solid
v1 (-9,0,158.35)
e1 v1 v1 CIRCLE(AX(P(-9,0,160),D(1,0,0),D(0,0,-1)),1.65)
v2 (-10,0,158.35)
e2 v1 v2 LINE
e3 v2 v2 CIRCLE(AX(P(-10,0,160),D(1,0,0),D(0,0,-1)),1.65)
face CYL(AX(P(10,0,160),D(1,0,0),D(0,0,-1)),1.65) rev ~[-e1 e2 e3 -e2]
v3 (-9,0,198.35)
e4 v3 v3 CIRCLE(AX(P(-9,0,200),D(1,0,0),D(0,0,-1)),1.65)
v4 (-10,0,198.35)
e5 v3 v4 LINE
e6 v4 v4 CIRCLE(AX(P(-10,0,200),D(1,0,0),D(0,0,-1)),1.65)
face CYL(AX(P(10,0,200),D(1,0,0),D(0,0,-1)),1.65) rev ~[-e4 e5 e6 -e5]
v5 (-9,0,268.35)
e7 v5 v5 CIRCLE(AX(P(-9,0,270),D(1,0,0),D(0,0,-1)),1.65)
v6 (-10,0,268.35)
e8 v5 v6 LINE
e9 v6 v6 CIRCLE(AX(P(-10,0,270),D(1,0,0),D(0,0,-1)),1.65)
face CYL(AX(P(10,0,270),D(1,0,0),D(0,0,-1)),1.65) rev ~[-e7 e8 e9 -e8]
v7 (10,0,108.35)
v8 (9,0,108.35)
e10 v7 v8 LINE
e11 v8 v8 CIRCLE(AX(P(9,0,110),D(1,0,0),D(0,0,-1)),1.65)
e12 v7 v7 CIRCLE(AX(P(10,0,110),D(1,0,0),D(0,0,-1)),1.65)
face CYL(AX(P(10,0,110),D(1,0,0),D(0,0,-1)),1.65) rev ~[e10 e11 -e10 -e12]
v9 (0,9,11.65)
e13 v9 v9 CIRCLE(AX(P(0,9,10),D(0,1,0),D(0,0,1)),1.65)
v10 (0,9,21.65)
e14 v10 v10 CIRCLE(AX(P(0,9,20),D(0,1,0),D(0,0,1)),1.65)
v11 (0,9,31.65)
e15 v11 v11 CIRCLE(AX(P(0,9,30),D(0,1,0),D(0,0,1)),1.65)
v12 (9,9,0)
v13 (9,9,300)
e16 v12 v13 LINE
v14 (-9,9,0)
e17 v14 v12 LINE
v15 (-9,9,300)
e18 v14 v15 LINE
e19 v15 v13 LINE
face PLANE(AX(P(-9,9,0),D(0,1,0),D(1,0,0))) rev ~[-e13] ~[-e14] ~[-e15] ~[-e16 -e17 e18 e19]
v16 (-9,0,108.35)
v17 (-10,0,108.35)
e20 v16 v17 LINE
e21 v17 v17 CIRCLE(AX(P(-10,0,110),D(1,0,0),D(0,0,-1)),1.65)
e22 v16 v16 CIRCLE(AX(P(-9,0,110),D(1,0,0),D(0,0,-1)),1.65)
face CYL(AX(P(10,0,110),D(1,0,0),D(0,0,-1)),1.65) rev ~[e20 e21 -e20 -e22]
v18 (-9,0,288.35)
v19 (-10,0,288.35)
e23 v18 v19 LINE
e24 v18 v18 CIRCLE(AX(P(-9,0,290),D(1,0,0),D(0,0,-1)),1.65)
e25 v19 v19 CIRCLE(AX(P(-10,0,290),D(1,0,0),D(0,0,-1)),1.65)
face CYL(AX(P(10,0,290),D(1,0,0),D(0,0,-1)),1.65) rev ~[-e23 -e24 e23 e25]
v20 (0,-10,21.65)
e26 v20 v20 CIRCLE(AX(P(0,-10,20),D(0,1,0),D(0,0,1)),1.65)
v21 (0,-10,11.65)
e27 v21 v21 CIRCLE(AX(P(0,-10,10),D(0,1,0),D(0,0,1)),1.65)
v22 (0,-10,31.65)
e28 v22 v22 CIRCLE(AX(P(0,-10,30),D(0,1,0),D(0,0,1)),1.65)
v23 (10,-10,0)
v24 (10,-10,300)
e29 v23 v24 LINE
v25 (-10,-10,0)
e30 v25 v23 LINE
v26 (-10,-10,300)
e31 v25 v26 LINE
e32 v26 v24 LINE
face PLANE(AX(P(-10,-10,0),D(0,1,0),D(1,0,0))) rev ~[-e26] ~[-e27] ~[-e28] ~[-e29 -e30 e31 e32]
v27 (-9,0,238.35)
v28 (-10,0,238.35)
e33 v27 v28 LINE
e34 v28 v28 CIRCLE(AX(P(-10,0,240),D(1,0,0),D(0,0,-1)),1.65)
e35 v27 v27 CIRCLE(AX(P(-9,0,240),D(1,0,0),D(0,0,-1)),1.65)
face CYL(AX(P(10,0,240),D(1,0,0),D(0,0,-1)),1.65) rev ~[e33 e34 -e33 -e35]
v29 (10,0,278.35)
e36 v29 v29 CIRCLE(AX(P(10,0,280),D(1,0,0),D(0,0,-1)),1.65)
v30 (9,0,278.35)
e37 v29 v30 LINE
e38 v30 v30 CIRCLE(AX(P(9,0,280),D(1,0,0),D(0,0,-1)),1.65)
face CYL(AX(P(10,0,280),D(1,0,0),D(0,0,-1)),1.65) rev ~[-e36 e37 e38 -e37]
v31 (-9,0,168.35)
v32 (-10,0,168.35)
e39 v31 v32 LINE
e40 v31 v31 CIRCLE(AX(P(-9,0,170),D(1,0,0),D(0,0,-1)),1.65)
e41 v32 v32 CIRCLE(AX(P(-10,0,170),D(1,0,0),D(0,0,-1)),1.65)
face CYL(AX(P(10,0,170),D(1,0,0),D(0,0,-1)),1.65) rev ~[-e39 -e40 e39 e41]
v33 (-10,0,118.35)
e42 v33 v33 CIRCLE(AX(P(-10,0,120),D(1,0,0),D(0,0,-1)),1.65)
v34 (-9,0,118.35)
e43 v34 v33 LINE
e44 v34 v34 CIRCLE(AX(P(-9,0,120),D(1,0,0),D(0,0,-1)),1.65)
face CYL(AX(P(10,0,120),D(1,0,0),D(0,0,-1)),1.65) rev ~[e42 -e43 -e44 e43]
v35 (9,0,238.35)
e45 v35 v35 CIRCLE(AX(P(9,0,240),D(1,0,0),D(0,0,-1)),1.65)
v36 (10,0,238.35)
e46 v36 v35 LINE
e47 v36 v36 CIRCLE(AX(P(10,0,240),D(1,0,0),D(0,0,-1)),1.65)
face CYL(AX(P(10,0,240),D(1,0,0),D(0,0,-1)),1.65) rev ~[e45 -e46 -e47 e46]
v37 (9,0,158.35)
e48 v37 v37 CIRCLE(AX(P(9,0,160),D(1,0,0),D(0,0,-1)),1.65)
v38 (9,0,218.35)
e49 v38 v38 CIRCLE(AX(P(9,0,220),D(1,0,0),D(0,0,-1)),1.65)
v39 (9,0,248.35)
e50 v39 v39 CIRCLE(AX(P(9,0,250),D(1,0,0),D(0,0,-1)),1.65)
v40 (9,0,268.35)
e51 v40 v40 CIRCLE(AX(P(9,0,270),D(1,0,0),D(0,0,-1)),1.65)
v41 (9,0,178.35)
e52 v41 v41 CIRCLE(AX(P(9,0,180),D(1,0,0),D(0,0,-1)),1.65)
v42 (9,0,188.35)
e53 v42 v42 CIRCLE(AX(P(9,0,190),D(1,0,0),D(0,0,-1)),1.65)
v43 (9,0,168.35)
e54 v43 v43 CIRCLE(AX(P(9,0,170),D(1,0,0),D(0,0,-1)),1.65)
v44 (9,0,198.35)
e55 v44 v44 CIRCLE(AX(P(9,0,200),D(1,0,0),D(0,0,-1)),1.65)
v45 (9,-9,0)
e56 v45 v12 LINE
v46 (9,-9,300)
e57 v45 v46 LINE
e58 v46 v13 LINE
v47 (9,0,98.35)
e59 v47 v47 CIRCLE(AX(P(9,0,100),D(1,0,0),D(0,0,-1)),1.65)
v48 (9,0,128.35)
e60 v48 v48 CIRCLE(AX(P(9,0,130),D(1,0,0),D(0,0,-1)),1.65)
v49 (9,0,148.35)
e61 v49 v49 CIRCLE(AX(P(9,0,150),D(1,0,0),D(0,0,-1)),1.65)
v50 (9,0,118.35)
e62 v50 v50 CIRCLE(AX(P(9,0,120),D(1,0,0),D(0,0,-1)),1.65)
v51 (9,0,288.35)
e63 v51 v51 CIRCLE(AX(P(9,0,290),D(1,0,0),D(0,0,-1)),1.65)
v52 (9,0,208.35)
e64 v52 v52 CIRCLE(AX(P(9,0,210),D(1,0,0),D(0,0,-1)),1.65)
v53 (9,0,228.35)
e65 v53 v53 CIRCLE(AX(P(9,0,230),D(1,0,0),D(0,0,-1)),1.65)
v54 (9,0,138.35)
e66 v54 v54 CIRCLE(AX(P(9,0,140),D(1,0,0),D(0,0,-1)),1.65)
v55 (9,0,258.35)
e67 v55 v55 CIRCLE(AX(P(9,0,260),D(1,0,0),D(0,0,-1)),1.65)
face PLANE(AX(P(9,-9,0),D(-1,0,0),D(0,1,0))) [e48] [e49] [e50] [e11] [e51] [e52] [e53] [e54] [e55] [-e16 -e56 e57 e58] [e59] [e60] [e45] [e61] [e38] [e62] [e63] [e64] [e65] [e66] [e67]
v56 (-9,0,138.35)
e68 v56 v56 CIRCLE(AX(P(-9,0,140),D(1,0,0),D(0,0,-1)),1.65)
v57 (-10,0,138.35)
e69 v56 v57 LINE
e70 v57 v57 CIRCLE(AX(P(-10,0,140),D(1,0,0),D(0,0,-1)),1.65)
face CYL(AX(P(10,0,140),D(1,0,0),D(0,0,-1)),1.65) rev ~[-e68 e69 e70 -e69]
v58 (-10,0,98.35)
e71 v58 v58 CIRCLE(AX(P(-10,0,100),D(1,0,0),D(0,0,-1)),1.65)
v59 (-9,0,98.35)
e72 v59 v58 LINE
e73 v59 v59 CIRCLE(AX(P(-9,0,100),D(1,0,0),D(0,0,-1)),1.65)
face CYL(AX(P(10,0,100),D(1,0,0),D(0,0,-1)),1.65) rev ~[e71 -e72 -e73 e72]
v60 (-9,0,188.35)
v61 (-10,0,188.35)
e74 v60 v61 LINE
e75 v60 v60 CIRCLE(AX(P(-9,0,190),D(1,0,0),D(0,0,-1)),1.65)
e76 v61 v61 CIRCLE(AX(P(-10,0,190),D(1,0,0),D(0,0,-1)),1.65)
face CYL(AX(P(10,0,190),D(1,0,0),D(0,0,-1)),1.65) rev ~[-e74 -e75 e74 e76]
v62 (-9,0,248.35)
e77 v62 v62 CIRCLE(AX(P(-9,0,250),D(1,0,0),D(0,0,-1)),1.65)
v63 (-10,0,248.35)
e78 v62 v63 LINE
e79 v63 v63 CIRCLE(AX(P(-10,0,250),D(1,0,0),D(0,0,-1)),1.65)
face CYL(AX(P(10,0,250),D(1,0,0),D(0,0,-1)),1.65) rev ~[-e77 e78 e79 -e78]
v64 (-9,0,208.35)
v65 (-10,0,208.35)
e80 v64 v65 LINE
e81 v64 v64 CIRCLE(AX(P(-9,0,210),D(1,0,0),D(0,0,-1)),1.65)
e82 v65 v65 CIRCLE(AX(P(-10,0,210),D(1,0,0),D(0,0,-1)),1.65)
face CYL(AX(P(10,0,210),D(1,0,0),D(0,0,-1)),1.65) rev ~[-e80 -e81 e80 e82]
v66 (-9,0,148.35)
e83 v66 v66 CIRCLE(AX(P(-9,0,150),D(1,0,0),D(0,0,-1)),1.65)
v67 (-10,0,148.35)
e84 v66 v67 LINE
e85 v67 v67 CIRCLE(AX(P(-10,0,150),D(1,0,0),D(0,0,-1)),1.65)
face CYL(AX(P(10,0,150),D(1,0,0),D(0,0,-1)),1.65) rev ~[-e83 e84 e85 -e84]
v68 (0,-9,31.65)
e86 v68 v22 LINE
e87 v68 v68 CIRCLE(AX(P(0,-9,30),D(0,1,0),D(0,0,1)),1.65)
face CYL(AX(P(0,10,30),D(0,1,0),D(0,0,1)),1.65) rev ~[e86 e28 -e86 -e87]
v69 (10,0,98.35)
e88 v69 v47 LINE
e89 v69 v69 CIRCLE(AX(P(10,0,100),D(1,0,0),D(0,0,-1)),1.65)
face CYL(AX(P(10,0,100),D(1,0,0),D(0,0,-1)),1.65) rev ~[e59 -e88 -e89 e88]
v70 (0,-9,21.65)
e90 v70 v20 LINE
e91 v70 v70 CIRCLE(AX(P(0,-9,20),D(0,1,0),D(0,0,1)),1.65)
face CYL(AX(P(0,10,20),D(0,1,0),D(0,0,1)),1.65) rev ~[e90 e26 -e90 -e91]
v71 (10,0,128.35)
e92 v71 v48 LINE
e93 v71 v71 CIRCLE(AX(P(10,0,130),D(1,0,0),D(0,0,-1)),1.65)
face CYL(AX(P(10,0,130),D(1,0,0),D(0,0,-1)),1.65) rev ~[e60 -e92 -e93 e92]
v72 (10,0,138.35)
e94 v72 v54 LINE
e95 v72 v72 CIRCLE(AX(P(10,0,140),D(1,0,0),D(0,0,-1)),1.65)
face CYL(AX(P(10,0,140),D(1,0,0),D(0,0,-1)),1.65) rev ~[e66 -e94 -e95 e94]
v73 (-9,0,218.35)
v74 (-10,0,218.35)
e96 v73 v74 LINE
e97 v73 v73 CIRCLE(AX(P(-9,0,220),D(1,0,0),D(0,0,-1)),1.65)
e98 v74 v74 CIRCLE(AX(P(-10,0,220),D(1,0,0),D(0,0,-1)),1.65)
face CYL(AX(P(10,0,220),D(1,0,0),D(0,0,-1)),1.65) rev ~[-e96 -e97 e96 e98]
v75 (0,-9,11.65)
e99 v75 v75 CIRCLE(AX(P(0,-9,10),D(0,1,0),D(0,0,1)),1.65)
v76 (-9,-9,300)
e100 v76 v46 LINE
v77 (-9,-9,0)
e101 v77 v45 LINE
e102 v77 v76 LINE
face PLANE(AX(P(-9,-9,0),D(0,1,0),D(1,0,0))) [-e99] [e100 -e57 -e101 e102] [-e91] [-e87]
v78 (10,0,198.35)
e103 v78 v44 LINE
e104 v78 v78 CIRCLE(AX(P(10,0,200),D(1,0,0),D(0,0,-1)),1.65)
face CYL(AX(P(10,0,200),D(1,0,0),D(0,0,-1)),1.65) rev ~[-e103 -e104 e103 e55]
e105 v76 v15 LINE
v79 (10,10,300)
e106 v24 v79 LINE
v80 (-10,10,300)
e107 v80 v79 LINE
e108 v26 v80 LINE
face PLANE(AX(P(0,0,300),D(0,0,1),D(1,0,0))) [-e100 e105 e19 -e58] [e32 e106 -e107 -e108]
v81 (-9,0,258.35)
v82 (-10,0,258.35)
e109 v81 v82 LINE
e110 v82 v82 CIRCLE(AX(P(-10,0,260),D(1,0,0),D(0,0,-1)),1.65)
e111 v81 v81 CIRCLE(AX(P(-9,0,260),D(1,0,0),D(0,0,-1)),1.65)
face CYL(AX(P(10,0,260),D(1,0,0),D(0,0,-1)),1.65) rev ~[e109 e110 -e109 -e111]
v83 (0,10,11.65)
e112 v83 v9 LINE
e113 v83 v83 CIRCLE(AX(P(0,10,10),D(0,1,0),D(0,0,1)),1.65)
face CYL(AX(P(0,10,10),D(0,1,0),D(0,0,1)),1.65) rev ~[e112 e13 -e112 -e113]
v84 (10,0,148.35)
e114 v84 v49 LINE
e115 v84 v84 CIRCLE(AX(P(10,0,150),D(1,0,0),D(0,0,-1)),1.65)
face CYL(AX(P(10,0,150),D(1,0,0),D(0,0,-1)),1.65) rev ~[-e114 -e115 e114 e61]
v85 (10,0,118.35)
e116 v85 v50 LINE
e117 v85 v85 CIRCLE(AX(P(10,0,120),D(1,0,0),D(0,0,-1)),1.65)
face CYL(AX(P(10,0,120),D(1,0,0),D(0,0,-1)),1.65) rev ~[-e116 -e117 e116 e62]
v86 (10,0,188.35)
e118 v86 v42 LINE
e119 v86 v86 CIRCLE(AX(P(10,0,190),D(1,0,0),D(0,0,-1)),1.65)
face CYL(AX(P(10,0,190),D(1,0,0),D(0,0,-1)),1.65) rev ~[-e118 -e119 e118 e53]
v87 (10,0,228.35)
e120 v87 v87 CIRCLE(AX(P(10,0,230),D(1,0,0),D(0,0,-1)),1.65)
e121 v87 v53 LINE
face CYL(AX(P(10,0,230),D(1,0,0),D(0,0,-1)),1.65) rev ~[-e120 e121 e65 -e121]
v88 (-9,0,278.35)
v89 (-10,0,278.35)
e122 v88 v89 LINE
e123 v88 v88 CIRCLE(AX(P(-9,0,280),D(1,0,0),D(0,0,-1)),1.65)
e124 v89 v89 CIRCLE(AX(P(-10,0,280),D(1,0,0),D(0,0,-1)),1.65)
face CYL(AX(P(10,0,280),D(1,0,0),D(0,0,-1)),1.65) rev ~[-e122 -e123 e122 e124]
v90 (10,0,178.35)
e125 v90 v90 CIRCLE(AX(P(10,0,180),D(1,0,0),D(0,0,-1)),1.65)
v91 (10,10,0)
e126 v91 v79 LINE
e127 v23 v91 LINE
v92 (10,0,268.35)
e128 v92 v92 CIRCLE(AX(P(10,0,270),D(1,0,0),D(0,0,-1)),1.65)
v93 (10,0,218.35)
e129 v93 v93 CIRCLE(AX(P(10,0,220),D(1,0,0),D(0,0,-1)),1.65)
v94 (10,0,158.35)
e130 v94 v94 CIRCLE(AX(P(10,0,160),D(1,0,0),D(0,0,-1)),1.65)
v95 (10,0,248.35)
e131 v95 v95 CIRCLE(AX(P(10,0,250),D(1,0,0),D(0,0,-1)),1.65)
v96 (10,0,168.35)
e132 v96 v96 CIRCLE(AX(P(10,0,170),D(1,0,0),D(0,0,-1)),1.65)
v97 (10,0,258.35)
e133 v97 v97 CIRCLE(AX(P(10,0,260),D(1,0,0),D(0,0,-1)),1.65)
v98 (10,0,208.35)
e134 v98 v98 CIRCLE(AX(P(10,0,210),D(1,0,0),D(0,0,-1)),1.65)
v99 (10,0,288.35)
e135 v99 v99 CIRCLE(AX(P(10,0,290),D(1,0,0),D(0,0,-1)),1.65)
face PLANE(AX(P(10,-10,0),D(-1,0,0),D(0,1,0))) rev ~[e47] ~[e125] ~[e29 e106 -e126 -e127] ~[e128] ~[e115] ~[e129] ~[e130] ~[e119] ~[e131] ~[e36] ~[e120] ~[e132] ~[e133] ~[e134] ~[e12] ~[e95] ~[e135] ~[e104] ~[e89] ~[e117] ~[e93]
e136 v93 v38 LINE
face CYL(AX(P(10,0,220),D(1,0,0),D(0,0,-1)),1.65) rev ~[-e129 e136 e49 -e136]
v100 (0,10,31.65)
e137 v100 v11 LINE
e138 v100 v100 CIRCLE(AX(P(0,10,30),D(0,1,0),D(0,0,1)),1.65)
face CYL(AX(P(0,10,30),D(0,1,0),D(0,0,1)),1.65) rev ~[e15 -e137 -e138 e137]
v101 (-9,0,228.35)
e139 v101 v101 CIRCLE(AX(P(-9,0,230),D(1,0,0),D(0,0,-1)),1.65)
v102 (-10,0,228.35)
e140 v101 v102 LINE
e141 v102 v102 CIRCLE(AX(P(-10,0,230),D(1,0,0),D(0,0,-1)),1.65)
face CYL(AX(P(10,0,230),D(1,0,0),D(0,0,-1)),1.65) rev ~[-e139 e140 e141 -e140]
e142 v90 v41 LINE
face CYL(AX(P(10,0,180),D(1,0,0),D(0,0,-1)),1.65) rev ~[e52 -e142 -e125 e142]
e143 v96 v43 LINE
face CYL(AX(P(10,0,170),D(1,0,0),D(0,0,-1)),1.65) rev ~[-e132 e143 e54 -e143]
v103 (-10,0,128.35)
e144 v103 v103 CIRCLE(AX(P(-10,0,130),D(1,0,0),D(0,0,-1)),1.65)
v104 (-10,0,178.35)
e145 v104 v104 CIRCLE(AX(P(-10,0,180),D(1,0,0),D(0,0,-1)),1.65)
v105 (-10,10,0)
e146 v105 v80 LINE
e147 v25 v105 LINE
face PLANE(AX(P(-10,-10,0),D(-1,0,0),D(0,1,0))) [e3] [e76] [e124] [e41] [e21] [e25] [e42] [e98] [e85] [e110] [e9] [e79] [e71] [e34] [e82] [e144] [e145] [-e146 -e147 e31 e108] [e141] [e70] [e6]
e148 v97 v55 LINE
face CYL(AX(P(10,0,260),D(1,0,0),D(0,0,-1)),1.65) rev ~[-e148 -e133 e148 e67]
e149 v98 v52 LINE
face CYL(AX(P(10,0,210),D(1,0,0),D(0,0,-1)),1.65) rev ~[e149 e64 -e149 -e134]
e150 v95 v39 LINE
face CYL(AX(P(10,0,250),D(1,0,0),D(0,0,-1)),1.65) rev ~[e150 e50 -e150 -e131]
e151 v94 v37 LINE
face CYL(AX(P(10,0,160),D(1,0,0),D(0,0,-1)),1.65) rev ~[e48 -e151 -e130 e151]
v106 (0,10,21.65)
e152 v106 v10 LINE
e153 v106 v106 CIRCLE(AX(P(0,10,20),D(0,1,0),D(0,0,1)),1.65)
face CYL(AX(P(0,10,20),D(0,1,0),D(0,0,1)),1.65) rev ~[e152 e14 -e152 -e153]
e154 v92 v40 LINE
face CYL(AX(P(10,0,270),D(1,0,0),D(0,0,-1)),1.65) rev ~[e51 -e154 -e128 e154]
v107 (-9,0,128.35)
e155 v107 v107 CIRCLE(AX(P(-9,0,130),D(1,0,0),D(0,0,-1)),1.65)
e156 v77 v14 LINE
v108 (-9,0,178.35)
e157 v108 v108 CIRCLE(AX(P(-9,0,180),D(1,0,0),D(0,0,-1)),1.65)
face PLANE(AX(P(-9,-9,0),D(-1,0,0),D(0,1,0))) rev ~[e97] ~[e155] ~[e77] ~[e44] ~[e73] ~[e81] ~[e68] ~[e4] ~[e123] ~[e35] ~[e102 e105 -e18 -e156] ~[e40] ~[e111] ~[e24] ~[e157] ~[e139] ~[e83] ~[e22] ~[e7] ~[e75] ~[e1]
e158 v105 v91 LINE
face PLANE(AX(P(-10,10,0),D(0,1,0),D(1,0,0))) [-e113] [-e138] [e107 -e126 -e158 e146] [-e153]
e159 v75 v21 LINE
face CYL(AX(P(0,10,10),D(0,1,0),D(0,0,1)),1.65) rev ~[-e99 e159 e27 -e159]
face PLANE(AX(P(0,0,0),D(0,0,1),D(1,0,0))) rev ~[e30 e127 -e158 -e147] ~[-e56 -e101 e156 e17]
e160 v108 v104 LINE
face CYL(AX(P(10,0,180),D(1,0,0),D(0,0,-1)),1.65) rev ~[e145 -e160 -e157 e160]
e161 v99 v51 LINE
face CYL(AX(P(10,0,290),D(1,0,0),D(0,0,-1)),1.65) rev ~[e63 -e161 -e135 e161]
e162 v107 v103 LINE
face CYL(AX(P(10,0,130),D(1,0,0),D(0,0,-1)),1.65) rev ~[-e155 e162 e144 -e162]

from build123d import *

# Parameters (mm, degrees)
SKETCH_1_W          = 20
SKETCH_1_H          = 20
SKETCH_1_W_2        = 18
SKETCH_1_H_2        = 18
EXTRUDE_1_DEPTH     = 300
SKETCH_2_R          = 1.65
CUT_EXTRUDE_1_DEPTH = 301.83217913
SKETCH_4_R          = 1.65
CUT_EXTRUDE_3_DEPTH = 180


with BuildPart() as part:
    # 草图1 → 凸台-拉伸1 (new body)
    with BuildSketch(Plane.XY):
        Rectangle(SKETCH_1_W, SKETCH_1_H)
        Rectangle(SKETCH_1_W_2, SKETCH_1_H_2, mode=Mode.SUBTRACT)
    extrude(amount=EXTRUDE_1_DEPTH)

    # 草图2 → 切除-拉伸1 (cut, through all)
    with BuildSketch(Plane(origin=(0, 10, 0), x_dir=(1, 0, 0), z_dir=(0, 1, 0))):
        with Locations(Location((0, -10, 0), (0, 0, 270))):
            Circle(SKETCH_2_R)
        with Locations(Location((0, -20, 0), (0, 0, 270))):
            Circle(SKETCH_2_R)
        with Locations(Location((0, -30, 0), (0, 0, 270))):
            Circle(SKETCH_2_R)
    extrude(amount=-CUT_EXTRUDE_1_DEPTH, mode=Mode.SUBTRACT)

    # 草图4 → 切除-拉伸3 (cut)
    with BuildSketch(Plane(origin=(10, 0, 0), x_dir=(0, 0, -1), z_dir=(1, 0, 0))):
        with Locations((-290, 0)):
            Circle(SKETCH_4_R)
        with Locations((-280, 0)):
            Circle(SKETCH_4_R)
        with Locations((-270, 0)):
            Circle(SKETCH_4_R)
        with Locations((-260, 0)):
            Circle(SKETCH_4_R)
        with Locations((-250, 0)):
            Circle(SKETCH_4_R)
        with Locations((-240, 0)):
            Circle(SKETCH_4_R)
        with Locations((-230, 0)):
            Circle(SKETCH_4_R)
        with Locations((-220, 0)):
            Circle(SKETCH_4_R)
        with Locations((-210, 0)):
            Circle(SKETCH_4_R)
        with Locations((-200, 0)):
            Circle(SKETCH_4_R)
        with Locations((-190, 0)):
            Circle(SKETCH_4_R)
        with Locations((-180, 0)):
            Circle(SKETCH_4_R)
        with Locations((-170, 0)):
            Circle(SKETCH_4_R)
        with Locations((-160, 0)):
            Circle(SKETCH_4_R)
        with Locations((-150, 0)):
            Circle(SKETCH_4_R)
        with Locations((-140, 0)):
            Circle(SKETCH_4_R)
        with Locations((-130, 0)):
            Circle(SKETCH_4_R)
        with Locations((-120, 0)):
            Circle(SKETCH_4_R)
        with Locations((-110, 0)):
            Circle(SKETCH_4_R)
        with Locations((-100, 0)):
            Circle(SKETCH_4_R)
    extrude(amount=-CUT_EXTRUDE_3_DEPTH, mode=Mode.SUBTRACT)


solid = part.part
